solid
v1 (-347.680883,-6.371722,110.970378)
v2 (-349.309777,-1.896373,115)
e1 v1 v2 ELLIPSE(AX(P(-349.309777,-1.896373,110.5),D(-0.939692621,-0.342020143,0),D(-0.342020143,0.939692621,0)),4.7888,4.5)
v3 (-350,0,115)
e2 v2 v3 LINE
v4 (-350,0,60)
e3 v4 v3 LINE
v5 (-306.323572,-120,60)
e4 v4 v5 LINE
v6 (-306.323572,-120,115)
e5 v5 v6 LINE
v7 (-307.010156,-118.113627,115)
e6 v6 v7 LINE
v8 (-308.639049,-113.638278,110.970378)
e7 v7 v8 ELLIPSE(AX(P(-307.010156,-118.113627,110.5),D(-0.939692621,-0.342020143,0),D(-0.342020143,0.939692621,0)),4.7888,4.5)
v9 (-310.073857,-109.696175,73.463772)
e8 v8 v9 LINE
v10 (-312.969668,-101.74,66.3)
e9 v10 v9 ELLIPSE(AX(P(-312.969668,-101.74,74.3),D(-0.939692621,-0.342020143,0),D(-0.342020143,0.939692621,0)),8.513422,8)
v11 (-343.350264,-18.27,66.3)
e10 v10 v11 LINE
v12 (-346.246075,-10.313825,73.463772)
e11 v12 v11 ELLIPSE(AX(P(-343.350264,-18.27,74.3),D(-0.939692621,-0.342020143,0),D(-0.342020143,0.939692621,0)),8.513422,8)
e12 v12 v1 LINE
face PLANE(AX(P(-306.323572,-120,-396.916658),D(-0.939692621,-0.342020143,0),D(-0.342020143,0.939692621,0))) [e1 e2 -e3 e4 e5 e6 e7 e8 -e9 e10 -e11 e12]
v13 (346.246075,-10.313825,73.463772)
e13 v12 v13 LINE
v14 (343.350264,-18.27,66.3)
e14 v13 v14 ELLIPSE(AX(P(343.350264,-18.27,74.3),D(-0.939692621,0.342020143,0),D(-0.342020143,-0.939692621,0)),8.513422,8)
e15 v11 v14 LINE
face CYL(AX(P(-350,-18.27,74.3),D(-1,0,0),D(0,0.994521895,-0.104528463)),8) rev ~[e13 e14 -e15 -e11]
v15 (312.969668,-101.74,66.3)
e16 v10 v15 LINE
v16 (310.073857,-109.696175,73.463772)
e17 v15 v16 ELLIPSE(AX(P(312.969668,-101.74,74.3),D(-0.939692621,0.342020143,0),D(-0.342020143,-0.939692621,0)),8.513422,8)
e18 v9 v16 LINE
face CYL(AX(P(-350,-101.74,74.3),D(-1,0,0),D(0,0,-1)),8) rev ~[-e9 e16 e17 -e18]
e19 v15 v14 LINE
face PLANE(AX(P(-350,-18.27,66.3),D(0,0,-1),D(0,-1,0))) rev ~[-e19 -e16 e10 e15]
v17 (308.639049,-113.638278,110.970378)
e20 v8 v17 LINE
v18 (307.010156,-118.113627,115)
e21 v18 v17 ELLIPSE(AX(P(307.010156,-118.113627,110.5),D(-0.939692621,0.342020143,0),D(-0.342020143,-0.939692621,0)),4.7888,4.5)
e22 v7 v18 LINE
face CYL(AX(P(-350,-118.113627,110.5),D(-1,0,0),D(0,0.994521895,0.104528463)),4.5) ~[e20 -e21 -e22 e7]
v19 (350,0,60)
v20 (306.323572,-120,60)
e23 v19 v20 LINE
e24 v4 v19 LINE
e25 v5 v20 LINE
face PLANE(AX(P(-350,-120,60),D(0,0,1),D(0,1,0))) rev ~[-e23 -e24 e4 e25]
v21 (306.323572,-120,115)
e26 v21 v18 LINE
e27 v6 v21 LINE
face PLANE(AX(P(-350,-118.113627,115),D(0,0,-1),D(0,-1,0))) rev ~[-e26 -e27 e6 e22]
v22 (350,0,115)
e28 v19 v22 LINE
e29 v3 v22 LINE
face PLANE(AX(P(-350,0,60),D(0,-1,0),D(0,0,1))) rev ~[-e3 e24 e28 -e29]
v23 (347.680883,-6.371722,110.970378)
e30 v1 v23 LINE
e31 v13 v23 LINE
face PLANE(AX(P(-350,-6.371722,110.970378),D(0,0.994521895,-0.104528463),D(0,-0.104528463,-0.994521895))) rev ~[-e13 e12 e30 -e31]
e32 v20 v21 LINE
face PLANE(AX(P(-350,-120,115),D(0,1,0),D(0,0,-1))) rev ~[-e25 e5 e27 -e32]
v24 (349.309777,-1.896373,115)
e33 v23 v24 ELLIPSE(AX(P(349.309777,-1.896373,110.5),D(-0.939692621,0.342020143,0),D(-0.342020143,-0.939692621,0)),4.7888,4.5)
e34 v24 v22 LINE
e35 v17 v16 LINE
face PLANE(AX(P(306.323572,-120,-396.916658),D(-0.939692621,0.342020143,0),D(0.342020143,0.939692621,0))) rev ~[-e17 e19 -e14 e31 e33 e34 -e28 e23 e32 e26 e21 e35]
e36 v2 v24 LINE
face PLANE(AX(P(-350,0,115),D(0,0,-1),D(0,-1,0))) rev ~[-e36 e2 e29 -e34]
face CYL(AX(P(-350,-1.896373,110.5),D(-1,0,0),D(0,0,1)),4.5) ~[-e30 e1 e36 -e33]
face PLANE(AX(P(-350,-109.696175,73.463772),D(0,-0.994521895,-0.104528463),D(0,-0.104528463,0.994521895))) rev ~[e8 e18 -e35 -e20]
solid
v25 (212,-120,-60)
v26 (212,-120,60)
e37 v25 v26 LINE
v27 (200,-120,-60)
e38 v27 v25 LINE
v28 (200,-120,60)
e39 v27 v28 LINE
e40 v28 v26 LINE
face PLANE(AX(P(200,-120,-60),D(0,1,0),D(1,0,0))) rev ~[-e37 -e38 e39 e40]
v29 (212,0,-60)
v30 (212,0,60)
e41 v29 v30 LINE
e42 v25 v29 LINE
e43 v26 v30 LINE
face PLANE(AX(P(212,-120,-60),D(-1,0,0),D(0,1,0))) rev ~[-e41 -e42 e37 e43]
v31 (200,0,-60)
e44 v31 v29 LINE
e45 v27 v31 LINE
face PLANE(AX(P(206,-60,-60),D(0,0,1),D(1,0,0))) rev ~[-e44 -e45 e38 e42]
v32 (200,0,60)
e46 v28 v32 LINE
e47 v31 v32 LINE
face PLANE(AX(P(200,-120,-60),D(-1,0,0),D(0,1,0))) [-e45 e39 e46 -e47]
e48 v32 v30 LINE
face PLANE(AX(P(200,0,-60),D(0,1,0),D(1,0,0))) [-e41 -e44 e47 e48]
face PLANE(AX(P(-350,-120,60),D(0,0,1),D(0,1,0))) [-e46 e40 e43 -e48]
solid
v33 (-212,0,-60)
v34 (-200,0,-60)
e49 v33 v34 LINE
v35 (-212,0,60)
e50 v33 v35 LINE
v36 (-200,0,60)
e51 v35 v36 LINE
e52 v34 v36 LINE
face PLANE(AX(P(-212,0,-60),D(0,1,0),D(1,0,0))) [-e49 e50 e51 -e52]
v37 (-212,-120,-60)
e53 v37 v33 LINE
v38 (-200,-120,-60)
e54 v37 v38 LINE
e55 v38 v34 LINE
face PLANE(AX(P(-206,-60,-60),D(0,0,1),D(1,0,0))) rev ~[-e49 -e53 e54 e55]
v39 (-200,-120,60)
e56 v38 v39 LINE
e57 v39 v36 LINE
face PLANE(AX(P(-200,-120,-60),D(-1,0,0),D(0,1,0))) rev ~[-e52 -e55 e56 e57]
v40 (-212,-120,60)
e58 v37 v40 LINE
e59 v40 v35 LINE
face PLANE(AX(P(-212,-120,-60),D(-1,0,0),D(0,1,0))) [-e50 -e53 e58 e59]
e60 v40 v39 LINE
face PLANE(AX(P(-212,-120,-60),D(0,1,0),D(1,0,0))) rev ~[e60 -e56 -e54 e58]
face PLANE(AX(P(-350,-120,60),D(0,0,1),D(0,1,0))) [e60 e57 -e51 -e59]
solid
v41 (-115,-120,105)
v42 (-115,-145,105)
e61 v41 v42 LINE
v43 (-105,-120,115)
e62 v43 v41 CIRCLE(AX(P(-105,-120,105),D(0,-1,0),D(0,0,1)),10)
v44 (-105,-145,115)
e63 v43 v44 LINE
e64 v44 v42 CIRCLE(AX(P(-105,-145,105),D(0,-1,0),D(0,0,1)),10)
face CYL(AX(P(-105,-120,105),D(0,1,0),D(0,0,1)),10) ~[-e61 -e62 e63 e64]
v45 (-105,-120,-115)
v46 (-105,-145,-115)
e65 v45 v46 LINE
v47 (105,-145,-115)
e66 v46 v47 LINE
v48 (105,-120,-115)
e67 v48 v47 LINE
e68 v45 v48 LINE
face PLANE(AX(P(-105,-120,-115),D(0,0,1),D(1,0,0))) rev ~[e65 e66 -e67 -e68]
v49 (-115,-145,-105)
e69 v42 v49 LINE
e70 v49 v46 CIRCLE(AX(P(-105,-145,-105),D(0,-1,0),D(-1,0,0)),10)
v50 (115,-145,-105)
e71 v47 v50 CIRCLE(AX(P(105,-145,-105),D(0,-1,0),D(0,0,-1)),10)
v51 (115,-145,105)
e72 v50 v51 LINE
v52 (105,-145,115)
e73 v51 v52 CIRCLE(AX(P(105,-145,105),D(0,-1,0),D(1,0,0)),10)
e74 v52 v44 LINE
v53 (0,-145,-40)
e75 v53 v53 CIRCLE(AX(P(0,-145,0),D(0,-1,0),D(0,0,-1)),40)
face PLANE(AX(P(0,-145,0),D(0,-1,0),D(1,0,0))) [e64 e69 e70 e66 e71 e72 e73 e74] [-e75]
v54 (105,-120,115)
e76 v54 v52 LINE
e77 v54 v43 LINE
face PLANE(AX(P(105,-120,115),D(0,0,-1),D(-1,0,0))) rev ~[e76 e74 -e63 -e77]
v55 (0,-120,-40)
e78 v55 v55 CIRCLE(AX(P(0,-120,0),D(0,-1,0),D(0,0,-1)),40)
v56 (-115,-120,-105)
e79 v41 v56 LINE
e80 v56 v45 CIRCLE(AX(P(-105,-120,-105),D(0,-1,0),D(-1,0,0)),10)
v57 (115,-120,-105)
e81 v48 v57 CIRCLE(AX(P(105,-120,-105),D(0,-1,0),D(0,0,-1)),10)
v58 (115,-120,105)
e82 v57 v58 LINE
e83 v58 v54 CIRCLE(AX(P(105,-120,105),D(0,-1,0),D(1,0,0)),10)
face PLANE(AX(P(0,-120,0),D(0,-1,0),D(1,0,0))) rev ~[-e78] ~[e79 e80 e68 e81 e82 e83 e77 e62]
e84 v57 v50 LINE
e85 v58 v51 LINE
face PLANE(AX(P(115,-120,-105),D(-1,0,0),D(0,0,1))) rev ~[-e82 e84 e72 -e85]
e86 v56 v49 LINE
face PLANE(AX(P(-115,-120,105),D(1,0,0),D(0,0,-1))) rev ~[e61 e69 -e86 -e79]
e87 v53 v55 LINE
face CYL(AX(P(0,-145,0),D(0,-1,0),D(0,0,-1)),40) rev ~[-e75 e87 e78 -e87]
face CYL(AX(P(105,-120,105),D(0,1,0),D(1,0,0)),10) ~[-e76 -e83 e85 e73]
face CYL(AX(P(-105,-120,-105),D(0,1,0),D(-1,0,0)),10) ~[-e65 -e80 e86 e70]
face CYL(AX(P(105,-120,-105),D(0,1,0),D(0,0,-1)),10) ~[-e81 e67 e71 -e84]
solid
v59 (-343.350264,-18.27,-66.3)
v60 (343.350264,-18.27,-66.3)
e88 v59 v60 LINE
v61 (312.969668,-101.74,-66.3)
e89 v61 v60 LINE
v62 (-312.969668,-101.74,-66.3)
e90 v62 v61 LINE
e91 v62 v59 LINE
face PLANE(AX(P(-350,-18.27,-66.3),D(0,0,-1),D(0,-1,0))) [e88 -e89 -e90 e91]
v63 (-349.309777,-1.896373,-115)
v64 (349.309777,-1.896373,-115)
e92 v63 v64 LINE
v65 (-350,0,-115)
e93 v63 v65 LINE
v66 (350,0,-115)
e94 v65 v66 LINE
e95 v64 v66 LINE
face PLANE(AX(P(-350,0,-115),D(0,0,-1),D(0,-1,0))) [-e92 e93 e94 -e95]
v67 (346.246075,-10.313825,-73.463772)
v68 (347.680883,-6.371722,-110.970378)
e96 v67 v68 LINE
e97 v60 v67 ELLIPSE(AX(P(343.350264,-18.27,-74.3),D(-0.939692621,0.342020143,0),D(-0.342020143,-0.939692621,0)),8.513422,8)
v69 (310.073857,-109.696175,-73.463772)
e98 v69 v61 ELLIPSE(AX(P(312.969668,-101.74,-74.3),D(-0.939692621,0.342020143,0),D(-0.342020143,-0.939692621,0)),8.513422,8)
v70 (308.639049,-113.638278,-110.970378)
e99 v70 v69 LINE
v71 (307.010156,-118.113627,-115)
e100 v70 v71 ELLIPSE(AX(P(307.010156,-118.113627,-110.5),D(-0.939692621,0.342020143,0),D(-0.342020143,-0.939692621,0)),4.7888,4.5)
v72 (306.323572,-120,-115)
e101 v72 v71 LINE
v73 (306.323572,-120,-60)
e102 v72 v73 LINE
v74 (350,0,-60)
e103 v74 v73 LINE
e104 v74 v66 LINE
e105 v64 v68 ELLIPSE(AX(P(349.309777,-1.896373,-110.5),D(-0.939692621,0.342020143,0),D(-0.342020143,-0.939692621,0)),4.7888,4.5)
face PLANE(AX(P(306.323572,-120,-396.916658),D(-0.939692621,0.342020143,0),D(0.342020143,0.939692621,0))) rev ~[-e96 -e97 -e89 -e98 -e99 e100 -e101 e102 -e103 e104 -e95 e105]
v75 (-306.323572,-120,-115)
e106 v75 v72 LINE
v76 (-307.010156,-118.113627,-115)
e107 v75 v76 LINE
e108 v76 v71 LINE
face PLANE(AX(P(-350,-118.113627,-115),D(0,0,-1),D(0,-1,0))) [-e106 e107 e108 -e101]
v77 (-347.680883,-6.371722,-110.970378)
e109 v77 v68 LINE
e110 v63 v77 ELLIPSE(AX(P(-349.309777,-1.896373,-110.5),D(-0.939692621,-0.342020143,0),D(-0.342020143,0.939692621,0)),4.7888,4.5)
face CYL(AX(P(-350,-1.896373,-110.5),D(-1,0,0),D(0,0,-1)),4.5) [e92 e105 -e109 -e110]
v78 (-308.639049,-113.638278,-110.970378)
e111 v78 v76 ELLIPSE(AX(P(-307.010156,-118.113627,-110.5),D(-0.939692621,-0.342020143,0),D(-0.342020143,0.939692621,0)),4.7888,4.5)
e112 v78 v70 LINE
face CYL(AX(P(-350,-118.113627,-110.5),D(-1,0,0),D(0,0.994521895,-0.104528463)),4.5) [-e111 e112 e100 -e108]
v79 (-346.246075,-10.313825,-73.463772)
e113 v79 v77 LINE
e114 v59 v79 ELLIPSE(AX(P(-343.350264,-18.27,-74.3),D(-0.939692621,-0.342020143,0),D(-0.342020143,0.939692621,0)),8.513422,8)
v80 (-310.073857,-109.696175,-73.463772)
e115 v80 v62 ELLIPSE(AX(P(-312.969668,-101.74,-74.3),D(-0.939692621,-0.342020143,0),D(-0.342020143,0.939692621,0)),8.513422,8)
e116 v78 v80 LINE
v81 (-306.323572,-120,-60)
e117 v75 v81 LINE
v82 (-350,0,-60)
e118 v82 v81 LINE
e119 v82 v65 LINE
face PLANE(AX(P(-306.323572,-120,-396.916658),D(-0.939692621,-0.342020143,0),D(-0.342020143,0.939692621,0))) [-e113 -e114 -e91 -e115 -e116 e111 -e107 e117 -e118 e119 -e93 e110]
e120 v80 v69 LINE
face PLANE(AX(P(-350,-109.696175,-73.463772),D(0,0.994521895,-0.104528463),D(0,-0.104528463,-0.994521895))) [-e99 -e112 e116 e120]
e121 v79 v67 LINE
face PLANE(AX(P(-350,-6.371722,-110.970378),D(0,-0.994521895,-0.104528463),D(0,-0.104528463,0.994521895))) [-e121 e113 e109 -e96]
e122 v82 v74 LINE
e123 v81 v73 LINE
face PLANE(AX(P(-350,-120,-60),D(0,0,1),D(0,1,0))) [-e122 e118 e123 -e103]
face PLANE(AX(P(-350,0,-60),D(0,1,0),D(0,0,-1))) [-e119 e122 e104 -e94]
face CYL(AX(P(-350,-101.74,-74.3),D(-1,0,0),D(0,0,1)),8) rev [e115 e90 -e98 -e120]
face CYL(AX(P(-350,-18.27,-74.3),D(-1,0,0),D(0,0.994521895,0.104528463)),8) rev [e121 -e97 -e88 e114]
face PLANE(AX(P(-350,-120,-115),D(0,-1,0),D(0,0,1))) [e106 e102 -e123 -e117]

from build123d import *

# Parameters (mm, degrees)
C_CHANNEL_120_X_12_1_DEPTH = 700
C_CHANNEL_120_X_12_2_DEPTH = 700
BOSS_EXTRUDE1_REACH        = 411.298
SKETCH13_W                 = 12
SKETCH13_H                 = 120
BOSS_EXTRUDE3_DEPTH        = 25
SKETCH16_R                 = 40
CUT_EXTRUDE2_DEPTH         = 25
CUT_EXTRUDE3_DEPTH         = 396.916657897
CUT_EXTRUDE3_DEPTH_BACK    = 396.916657897


with BuildPart() as part:
    # Sketch1 → C channel 120 X 12(1) (new body)
    with BuildSketch(Plane(origin=(-350, 0, 60), x_dir=(0, 0, 1), z_dir=(1, 0, 0))):
        with BuildLine():
            Line((55, 120), (0, 120))
            Line((0, 120), (0, 0))
            Line((0, 0), (55, 0))
            Line((55, 0), (55, 1.896373189))
            ThreePointArc((55, 1.896373189), (53.844151715, 4.907460917), (50.970378085, 6.371721718))
            Line((50.970378085, 6.371721718), (13.463772294, 10.313824837))
            ThreePointArc((13.463772294, 10.313824837), (8.354841396, 12.916955149), (6.3, 18.27))
            Line((6.3, 18.27), (6.3, 101.74))
            ThreePointArc((6.3, 101.74), (8.354841396, 107.093044851), (13.463772294, 109.696175163))
            Line((13.463772294, 109.696175163), (50.970378085, 113.638278282))
            ThreePointArc((50.970378085, 113.638278282), (53.844151715, 115.102539083), (55, 118.113626811))
            Line((55, 118.113626811), (55, 120))
        make_face()
    extrude(amount=C_CHANNEL_120_X_12_1_DEPTH)


with BuildPart() as body_2:
    # Sketch11 → C channel 120 X 12(2) (new body)
    with BuildSketch(Plane(origin=(-350, 0, -60), x_dir=(0, 0, -1), z_dir=(-1, 0, 0))):
        with BuildLine():
            Line((55, 120), (0, 120))
            Line((0, 120), (0, 0))
            Line((0, 0), (55, 0))
            Line((55, 0), (55, 1.896373189))
            ThreePointArc((55, 1.896373189), (53.844151715, 4.907460917), (50.970378085, 6.371721718))
            Line((50.970378085, 6.371721718), (13.463772294, 10.313824837))
            ThreePointArc((13.463772294, 10.313824837), (8.354841396, 12.916955149), (6.3, 18.27))
            Line((6.3, 18.27), (6.3, 101.74))
            ThreePointArc((6.3, 101.74), (8.354841396, 107.093044851), (13.463772294, 109.696175163))
            Line((13.463772294, 109.696175163), (50.970378085, 113.638278282))
            ThreePointArc((50.970378085, 113.638278282), (53.844151715, 115.102539083), (55, 118.113626811))
            Line((55, 118.113626811), (55, 120))
        make_face()
    extrude(amount=-C_CHANNEL_120_X_12_2_DEPTH)


with BuildPart() as body_3:

    # Sketch13 → Boss-Extrude1 (new, up to next)
    with BuildSketch(Plane.XY.offset(-60), mode=Mode.PRIVATE) as boss_extrude1_sk1:
        with Locations((-206, -60)):
            Rectangle(SKETCH13_W, SKETCH13_H)
    boss_extrude1_tool1 = extrude(boss_extrude1_sk1.sketch, amount=BOSS_EXTRUDE1_REACH, mode=Mode.PRIVATE) - part.part
    # Sketch13 → Boss-Extrude1 (new, up to next)
    with BuildSketch(Plane.XY.offset(-60), mode=Mode.PRIVATE) as boss_extrude1_sk2:
        with Locations((206, -60)):
            Rectangle(SKETCH13_W, SKETCH13_H)
    boss_extrude1_tool2 = extrude(boss_extrude1_sk2.sketch, amount=BOSS_EXTRUDE1_REACH, mode=Mode.PRIVATE) - part.part
    add(boss_extrude1_tool1.solids().sort_by_distance((-206, -60, -60))[0])
    add(boss_extrude1_tool2.solids().sort_by_distance((206, -60, -60))[0])


with BuildPart() as body_4:
    # Sketch15 → Boss-Extrude3 (new body)
    with BuildSketch(Plane.XZ.offset(120)):
        with BuildLine():
            Line((-105, -115), (105, -115))
            ThreePointArc((105, -115), (112.071067812, -112.071067812), (115, -105))
            Line((115, -105), (115, 105))
            ThreePointArc((115, 105), (112.071067812, 112.071067812), (105, 115))
            Line((105, 115), (-105, 115))
            ThreePointArc((-105, 115), (-112.071067812, 112.071067812), (-115, 105))
            Line((-115, 105), (-115, -105))
            ThreePointArc((-115, -105), (-112.071067812, -112.071067812), (-105, -115))
        make_face()
    extrude(amount=BOSS_EXTRUDE3_DEPTH)

    # Sketch16 → Cut-Extrude2 (cut)
    with BuildSketch(Plane.XZ.offset(145)):
        with Locations(Location((0, 0, 0), (0, 0, 270))):
            Circle(SKETCH16_R)
    extrude(amount=-CUT_EXTRUDE2_DEPTH, mode=Mode.SUBTRACT)


with BuildPart() as cut_extrude3_tool:
    # Sketch17 → Cut-Extrude3 (new, two sides: drawn at the far end of the back side and taken through both)
    with BuildSketch(Plane.XY.offset(-CUT_EXTRUDE3_DEPTH_BACK)):
        Polygon((-350, 0), (-350, -120), (-306.323571888, -120), align=None)
        Polygon((350, 0), (350, -120), (306.323571888, -120), align=None)
    extrude(amount=CUT_EXTRUDE3_DEPTH + CUT_EXTRUDE3_DEPTH_BACK)


with BuildPart() as part_1:
    add(part.part)

    # Cut-Extrude3: cut by cut_extrude3_tool
    add(cut_extrude3_tool.part, mode=Mode.SUBTRACT)


with BuildPart() as body_2_1:
    add(body_2.part)

    # Cut-Extrude3: cut by cut_extrude3_tool
    add(cut_extrude3_tool.part, mode=Mode.SUBTRACT)


solid = Compound([body_3.part, body_4.part, part_1.part, body_2_1.part])
